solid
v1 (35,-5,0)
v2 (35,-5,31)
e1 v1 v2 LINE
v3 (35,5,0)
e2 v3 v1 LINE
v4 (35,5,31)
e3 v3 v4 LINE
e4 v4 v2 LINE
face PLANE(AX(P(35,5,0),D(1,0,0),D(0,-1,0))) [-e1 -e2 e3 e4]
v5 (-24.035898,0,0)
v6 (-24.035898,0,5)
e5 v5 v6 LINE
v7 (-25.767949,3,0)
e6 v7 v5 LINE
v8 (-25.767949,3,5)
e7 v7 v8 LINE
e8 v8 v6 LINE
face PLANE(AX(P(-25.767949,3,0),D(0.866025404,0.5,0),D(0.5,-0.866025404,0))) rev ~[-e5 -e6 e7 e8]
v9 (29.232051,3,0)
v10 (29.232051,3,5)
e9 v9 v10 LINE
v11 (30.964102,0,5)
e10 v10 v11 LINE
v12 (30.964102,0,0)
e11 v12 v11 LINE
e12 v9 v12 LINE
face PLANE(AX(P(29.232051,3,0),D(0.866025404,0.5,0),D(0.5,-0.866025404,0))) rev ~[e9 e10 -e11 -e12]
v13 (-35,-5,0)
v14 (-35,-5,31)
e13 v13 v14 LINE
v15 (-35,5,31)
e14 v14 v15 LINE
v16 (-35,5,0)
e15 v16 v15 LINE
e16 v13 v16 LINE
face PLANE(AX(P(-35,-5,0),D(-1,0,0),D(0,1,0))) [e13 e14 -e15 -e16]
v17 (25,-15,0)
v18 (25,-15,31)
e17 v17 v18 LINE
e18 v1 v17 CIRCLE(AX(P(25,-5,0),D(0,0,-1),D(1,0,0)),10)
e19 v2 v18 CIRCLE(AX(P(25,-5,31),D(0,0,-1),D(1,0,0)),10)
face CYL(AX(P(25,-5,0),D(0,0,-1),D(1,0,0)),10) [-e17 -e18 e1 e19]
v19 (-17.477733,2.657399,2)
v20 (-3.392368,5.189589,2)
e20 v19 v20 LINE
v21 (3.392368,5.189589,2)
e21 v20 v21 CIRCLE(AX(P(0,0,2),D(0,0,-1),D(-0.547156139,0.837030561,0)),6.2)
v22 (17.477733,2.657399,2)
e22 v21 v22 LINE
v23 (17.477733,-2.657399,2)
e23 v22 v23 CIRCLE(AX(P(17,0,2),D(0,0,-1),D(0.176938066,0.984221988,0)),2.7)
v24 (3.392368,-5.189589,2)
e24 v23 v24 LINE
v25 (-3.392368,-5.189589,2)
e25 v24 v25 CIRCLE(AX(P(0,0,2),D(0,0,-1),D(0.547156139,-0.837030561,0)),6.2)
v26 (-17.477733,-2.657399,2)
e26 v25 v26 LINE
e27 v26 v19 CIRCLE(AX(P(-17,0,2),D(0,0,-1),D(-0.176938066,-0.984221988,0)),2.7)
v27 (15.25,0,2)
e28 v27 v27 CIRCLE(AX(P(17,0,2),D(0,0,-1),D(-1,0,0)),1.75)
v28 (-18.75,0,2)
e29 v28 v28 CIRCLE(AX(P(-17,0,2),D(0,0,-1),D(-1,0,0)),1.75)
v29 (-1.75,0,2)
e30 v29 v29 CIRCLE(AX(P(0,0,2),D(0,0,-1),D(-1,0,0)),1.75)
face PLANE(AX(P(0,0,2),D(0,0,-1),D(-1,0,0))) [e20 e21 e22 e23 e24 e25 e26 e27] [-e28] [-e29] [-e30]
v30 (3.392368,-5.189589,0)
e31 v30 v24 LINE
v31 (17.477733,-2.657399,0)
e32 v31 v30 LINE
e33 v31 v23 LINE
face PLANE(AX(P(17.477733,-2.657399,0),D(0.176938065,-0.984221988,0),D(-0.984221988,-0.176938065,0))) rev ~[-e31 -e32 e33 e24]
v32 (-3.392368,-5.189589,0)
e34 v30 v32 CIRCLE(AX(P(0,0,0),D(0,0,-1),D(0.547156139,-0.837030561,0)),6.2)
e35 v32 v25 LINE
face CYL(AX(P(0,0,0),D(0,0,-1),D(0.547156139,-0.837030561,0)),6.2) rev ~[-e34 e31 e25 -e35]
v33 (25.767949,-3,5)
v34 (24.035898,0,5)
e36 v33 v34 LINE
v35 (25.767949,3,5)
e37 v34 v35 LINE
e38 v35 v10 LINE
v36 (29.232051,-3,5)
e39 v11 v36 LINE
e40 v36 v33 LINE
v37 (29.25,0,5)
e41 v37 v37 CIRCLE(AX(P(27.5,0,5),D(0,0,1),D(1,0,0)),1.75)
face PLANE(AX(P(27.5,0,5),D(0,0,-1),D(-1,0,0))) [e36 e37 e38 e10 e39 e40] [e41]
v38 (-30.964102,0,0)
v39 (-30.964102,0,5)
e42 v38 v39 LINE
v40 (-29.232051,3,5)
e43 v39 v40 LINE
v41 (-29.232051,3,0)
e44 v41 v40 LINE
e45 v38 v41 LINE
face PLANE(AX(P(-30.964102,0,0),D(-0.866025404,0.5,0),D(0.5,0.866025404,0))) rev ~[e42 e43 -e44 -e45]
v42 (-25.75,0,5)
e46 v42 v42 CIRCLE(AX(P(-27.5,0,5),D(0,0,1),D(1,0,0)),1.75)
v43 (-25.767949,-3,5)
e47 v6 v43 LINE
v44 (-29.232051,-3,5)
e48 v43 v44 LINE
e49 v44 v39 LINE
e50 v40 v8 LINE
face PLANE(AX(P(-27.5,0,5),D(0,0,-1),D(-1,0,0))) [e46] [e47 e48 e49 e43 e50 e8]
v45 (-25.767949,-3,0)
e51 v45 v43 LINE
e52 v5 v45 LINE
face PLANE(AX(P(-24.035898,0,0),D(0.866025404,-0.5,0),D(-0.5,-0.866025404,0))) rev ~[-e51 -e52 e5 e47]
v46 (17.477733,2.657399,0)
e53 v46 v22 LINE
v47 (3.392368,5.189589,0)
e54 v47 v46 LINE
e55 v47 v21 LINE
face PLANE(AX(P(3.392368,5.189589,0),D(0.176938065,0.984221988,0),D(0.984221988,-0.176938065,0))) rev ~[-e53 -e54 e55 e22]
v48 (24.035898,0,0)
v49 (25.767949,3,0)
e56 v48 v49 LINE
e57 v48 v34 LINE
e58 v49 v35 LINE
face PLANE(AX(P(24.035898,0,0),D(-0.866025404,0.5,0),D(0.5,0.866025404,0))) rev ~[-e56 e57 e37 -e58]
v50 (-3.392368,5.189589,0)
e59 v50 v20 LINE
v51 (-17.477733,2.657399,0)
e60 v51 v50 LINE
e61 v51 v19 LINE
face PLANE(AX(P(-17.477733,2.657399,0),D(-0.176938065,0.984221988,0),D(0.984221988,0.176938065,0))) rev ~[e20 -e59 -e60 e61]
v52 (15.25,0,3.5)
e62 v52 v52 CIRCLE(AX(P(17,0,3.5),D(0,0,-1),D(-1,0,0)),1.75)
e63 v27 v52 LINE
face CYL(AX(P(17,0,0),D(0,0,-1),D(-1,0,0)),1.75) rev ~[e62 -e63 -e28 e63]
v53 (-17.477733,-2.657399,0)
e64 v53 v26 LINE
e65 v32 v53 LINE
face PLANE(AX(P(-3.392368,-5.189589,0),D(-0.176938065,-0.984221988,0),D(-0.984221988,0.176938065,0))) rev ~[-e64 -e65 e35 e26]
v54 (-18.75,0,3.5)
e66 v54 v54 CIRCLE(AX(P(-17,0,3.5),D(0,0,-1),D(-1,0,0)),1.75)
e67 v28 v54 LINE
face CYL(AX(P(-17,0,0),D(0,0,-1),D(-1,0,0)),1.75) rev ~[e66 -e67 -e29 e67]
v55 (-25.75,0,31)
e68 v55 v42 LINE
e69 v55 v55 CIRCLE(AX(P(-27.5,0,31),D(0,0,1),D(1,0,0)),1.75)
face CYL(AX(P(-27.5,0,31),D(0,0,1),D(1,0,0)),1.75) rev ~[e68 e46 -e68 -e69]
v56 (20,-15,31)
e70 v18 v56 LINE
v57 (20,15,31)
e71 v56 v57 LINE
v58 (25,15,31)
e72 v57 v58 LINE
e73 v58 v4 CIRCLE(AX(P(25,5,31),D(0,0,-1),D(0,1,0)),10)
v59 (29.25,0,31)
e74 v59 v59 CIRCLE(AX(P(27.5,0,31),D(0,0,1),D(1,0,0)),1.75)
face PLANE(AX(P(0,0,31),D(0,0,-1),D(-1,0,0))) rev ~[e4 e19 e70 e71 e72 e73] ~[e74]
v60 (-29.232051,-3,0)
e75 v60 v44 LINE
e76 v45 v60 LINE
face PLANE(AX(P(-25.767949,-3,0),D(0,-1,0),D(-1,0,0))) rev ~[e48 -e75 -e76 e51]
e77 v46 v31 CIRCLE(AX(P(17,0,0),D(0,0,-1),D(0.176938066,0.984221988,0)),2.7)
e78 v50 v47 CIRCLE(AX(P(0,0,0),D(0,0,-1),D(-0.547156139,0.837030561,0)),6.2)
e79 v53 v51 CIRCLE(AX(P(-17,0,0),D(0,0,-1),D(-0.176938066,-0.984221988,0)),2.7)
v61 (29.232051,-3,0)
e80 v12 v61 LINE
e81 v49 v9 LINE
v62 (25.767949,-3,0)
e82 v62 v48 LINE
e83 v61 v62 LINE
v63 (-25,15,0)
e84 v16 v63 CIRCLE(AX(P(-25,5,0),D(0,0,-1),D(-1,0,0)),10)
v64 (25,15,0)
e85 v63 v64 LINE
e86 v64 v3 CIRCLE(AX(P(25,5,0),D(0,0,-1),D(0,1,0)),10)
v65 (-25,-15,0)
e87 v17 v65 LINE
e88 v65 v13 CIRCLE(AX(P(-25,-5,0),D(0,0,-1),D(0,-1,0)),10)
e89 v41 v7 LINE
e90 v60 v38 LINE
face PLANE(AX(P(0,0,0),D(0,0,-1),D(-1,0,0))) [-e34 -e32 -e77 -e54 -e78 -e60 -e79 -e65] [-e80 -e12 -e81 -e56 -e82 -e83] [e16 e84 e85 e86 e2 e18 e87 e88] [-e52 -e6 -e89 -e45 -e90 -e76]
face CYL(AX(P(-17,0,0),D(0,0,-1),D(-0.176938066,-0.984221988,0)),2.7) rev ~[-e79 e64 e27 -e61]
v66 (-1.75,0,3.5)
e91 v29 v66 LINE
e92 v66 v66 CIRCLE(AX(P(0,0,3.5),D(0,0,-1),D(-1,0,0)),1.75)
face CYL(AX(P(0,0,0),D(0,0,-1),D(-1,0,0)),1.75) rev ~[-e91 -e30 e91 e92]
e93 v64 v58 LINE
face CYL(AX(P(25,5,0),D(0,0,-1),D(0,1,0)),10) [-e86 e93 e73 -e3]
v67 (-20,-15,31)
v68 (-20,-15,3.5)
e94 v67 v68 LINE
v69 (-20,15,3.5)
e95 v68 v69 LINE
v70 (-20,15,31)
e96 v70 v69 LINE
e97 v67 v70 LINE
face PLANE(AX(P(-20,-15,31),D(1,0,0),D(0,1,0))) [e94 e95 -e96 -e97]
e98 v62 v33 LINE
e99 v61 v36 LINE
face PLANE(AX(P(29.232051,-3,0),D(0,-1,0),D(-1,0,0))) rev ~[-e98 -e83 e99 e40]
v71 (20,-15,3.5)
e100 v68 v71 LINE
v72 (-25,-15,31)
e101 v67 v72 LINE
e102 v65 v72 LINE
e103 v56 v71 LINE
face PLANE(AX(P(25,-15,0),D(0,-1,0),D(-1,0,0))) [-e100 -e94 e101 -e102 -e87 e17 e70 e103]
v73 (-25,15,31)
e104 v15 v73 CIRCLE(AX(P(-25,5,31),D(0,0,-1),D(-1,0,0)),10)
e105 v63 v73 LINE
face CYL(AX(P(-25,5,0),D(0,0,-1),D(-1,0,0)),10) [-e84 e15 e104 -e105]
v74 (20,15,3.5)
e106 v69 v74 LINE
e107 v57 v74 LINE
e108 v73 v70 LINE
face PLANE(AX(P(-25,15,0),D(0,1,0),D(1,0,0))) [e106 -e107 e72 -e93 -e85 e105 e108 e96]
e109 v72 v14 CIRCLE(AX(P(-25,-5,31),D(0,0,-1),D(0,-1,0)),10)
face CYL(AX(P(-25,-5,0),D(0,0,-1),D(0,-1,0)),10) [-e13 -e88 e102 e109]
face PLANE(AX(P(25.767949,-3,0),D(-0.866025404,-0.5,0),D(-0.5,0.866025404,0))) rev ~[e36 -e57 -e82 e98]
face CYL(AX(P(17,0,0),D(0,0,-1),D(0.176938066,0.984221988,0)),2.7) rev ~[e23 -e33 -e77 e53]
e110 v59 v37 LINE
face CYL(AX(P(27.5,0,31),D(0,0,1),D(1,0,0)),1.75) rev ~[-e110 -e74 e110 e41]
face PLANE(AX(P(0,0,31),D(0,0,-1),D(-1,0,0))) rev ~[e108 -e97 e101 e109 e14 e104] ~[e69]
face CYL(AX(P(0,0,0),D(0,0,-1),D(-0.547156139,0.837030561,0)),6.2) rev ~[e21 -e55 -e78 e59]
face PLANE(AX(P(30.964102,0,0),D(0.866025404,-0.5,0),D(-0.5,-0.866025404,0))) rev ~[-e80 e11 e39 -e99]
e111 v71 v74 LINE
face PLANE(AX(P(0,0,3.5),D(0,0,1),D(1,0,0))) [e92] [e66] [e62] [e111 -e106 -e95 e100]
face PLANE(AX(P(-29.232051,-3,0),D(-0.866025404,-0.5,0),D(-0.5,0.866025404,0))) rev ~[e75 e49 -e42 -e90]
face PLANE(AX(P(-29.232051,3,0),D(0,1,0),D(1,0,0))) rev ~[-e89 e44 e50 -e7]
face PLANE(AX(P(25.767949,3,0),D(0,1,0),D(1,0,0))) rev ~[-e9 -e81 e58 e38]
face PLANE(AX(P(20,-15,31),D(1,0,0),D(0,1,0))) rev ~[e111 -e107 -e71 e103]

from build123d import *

# Parameters (mm, degrees)
BOSS_EXTRUDE1_DEPTH = 31
SKETCH2_W           = 40
SKETCH2_H           = 30
CUT_EXTRUDE1_DEPTH  = 27.5
SKETCH3_R           = 1.75
CUT_EXTRUDE2_DEPTH  = 32
CUT_EXTRUDE3_DEPTH  = 5
CUT_EXTRUDE4_DEPTH  = 2
SKETCH6_R           = 1.75
CUT_EXTRUDE5_DEPTH  = 32


with BuildPart() as part:
    # Sketch1 → Boss-Extrude1 (new body)
    with BuildSketch(Plane.XY):
        with BuildLine():
            Line((-25, 15), (25, 15))
            ThreePointArc((25, 15), (32.071067812, 12.071067812), (35, 5))
            Line((35, 5), (35, -5))
            ThreePointArc((35, -5), (32.071067812, -12.071067812), (25, -15))
            Line((25, -15), (-25, -15))
            ThreePointArc((-25, -15), (-32.071067812, -12.071067812), (-35, -5))
            Line((-35, -5), (-35, 5))
            ThreePointArc((-35, 5), (-32.071067812, 12.071067812), (-25, 15))
        make_face()
    extrude(amount=BOSS_EXTRUDE1_DEPTH)

    # Sketch2 → Cut-Extrude1 (cut)
    with BuildSketch(Plane.XY.offset(31)):
        Rectangle(SKETCH2_W, SKETCH2_H)
    extrude(amount=-CUT_EXTRUDE1_DEPTH, mode=Mode.SUBTRACT)

    # Sketch3 → Cut-Extrude2 (cut, through all)
    with BuildSketch(Plane.XY.offset(31)):
        with Locations((-27.5, 0)):
            Circle(SKETCH3_R)
        with Locations((27.5, 0)):
            Circle(SKETCH3_R)
    extrude(amount=-CUT_EXTRUDE2_DEPTH, mode=Mode.SUBTRACT)

    # Sketch4 → Cut-Extrude3 (cut)
    with BuildSketch(Plane(origin=(0, 0, 0), x_dir=(-1, 0, 0), z_dir=(0, 0, -1))):
        Polygon((-24.035898385, 0), (-25.767949192, 3), (-29.232050808, 3), (-30.964101615, 0), (-29.232050808, -3), (-25.767949192, -3), align=None)
        Polygon((24.035898385, 0), (25.767949192, -3), (29.232050808, -3), (30.964101615, 0), (29.232050808, 3), (25.767949192, 3), align=None)
    extrude(amount=-CUT_EXTRUDE3_DEPTH, mode=Mode.SUBTRACT)

    # Sketch5 → Cut-Extrude4 (cut)
    with BuildSketch(Plane(origin=(0, 0, 0), x_dir=(-1, 0, 0), z_dir=(0, 0, -1))):
        with BuildLine():
            Line((-17.477732777, -2.657399367), (-3.39236806, -5.189589478))
            ThreePointArc((-3.39236806, -5.189589478), (0, -6.2), (3.39236806, -5.189589478))
            Line((3.39236806, -5.189589478), (17.477732777, -2.657399367))
            ThreePointArc((17.477732777, -2.657399367), (19.7, 0), (17.477732777, 2.657399367))
            Line((17.477732777, 2.657399367), (3.39236806, 5.189589478))
            ThreePointArc((3.39236806, 5.189589478), (0, 6.2), (-3.39236806, 5.189589478))
            Line((-3.39236806, 5.189589478), (-17.477732777, 2.657399367))
            ThreePointArc((-17.477732777, 2.657399367), (-19.7, 0), (-17.477732777, -2.657399367))
        make_face()
    extrude(amount=-CUT_EXTRUDE4_DEPTH, mode=Mode.SUBTRACT)

    # Sketch6 → Cut-Extrude5 (cut, through all)
    with BuildSketch(Plane(origin=(0, 0, 0), x_dir=(-1, 0, 0), z_dir=(0, 0, -1))):
        Circle(SKETCH6_R)
        with Locations((-17, 0)):
            Circle(SKETCH6_R)
        with Locations((17, 0)):
            Circle(SKETCH6_R)
    extrude(amount=-CUT_EXTRUDE5_DEPTH, mode=Mode.SUBTRACT)


solid = part.part
